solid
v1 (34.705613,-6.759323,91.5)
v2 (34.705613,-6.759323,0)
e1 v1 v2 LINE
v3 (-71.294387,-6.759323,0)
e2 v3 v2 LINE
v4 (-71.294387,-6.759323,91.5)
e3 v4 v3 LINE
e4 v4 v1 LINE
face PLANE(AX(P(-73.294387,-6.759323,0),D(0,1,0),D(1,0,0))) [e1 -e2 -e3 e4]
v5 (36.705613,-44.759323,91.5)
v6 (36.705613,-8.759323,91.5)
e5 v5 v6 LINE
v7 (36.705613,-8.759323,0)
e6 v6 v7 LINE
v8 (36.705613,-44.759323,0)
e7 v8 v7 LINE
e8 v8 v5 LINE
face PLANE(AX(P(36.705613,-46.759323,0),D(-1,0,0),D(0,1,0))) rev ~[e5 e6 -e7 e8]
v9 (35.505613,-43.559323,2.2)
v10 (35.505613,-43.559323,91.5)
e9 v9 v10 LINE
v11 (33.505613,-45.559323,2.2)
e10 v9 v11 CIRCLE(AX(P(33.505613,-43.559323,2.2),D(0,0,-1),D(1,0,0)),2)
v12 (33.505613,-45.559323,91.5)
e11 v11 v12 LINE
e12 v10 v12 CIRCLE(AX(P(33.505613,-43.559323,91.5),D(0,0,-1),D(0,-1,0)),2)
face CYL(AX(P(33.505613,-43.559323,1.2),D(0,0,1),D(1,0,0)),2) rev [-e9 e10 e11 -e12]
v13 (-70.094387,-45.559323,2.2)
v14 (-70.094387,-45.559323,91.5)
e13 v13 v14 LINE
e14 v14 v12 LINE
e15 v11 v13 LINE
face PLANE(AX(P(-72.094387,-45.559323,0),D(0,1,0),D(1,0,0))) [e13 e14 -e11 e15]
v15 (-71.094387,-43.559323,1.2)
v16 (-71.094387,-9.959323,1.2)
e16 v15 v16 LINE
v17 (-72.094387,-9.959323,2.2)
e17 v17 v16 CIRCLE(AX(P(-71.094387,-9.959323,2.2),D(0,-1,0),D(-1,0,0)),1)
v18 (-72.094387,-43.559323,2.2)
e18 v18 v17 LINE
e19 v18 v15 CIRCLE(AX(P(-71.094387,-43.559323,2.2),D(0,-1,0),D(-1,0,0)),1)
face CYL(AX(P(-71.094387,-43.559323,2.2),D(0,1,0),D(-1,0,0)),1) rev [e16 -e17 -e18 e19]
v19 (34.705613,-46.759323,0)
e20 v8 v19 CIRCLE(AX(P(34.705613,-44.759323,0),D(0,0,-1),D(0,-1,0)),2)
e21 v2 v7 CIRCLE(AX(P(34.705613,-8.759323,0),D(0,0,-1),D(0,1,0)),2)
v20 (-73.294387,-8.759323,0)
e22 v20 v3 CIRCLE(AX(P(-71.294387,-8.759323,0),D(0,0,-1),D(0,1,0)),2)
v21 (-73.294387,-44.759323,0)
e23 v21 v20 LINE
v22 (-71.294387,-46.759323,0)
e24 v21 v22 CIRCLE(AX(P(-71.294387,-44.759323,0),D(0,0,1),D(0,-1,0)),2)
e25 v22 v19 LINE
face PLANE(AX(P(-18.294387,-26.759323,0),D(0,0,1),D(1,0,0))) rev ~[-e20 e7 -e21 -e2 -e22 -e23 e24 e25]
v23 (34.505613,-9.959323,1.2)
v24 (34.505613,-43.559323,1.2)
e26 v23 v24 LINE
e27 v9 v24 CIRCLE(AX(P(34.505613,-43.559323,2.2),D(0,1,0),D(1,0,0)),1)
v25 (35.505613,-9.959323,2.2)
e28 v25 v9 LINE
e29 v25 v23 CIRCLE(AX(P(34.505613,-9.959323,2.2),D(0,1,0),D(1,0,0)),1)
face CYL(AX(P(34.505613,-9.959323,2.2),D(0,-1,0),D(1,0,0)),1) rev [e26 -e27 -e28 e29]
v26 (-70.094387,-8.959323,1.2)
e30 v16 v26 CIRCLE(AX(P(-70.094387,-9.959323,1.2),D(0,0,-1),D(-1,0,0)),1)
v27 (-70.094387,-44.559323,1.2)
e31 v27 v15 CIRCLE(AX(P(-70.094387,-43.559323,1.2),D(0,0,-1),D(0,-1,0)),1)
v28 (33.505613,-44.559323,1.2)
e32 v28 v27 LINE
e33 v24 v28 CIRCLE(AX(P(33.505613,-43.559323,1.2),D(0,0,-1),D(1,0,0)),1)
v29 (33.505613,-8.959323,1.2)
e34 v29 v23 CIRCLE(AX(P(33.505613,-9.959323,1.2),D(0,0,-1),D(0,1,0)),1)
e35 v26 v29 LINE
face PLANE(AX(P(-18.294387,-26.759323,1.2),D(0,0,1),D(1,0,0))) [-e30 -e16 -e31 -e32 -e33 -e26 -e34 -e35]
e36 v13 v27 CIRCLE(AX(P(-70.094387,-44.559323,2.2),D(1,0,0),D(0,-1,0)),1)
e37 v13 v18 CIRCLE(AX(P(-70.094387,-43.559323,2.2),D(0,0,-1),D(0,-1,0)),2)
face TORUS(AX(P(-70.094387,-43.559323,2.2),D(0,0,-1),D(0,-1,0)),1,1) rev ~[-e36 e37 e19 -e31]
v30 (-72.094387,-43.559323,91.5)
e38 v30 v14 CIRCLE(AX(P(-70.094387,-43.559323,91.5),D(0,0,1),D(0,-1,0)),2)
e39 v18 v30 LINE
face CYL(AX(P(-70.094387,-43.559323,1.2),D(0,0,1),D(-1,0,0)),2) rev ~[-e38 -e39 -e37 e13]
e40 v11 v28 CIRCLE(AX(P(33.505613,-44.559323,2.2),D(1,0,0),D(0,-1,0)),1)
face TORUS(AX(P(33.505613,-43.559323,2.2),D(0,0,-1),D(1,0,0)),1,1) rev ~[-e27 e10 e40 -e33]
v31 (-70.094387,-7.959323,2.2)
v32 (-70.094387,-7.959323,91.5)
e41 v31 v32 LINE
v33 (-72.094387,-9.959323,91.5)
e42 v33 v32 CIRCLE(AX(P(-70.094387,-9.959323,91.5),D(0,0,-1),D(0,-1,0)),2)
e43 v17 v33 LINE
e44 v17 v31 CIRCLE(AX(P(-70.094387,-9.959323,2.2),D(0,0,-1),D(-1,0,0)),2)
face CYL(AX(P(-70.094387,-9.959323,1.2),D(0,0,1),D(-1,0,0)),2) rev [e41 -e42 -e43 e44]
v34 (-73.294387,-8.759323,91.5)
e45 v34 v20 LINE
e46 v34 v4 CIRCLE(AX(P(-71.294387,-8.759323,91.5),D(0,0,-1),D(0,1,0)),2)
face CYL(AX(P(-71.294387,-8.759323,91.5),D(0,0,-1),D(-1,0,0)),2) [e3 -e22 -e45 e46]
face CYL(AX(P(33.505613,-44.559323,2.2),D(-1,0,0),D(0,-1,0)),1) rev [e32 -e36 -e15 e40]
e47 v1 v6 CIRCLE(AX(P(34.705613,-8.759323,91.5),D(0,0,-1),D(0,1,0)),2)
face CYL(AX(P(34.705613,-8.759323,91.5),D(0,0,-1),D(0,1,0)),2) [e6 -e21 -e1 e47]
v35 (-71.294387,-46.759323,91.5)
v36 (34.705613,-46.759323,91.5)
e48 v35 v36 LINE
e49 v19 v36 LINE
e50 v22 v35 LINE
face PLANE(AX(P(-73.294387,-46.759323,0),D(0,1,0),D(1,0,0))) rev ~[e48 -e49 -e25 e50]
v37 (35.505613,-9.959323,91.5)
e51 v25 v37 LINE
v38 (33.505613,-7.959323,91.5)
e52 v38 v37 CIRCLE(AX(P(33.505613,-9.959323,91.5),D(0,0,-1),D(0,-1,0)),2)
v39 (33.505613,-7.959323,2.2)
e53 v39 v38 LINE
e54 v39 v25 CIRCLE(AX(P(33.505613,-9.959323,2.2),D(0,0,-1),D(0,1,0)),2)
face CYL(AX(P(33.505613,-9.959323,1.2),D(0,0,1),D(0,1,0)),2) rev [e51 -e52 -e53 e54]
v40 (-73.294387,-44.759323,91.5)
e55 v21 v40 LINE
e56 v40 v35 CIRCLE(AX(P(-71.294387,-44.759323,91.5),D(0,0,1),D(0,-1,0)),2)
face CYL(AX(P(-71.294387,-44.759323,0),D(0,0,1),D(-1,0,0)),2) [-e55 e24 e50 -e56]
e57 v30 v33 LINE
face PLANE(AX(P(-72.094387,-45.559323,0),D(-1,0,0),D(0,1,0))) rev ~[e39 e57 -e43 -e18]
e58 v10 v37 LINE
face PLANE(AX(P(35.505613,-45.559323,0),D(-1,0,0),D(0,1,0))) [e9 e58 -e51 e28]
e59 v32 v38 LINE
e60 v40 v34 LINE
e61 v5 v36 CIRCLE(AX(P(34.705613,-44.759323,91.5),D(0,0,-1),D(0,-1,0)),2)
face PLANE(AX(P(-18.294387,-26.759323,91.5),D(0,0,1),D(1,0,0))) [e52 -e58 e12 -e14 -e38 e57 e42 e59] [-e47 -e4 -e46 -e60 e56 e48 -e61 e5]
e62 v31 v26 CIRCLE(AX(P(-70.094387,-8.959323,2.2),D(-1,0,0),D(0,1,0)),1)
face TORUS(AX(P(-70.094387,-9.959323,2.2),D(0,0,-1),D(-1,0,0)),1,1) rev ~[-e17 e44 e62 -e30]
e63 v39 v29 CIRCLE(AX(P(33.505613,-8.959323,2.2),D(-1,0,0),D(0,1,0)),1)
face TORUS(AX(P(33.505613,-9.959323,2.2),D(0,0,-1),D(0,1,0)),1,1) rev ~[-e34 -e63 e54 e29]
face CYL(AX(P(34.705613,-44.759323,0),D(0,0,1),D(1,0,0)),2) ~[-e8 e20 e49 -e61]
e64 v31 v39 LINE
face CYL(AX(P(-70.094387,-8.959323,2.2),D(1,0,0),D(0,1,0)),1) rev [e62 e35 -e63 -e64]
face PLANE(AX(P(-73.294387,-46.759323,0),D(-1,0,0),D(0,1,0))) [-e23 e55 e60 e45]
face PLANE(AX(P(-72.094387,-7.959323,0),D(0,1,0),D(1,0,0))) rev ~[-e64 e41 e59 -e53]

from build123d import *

# Parameters (mm, degrees)
F0_W     = 110
F0_H     = 40
F0_W_2   = 107.6
F0_H_2   = 37.6
F1_DEPTH = 91.5
F2_DEPTH = 1.2
F3_R     = 2
F4_R     = 1


with BuildPart() as f1:
    # F0 (on Top) → F1 (new body)
    with BuildSketch(Plane.XY):
        with Locations((-18.294387, -26.759323)):
            Rectangle(F0_W, F0_H)
        with Locations((-18.294387, -26.759323)):
            Rectangle(F0_W_2, F0_H_2, mode=Mode.SUBTRACT)
    extrude(amount=F1_DEPTH)

    # F0 (on Top) → F2 (join)
    with BuildSketch(Plane.XY):
        with Locations((-18.294387, -26.759323)):
            Rectangle(F0_W, F0_H)
        with Locations((-18.294387, -26.759323)):
            Rectangle(F0_W_2, F0_H_2, mode=Mode.SUBTRACT)
        with Locations((-18.294387, -26.759323)):
            Rectangle(F0_W_2, F0_H_2)
    extrude(amount=F2_DEPTH)

    # F3
    f3_edges = [f1.edges().sort_by_distance(p)[0] for p in [
        (-73.294387, -46.759323, 45.75),
        (36.705613, -46.759323, 45.75),
        (36.705613, -6.759323, 45.75),
        (-73.294387, -6.759323, 45.75),
        (35.505613, -7.959323, 46.35),
        (-72.094387, -7.959323, 46.35),
        (-72.094387, -45.559323, 46.35),
        (35.505613, -45.559323, 46.35),
    ]]
    fillet(f3_edges, radius=F3_R)

    # F4
    f4_edges = [f1.edges().sort_by_distance(p)[0] for p in [
        (-72.094387, -26.759323, 1.2),
    ]]
    fillet(f4_edges, radius=F4_R)


solid = f1.part
